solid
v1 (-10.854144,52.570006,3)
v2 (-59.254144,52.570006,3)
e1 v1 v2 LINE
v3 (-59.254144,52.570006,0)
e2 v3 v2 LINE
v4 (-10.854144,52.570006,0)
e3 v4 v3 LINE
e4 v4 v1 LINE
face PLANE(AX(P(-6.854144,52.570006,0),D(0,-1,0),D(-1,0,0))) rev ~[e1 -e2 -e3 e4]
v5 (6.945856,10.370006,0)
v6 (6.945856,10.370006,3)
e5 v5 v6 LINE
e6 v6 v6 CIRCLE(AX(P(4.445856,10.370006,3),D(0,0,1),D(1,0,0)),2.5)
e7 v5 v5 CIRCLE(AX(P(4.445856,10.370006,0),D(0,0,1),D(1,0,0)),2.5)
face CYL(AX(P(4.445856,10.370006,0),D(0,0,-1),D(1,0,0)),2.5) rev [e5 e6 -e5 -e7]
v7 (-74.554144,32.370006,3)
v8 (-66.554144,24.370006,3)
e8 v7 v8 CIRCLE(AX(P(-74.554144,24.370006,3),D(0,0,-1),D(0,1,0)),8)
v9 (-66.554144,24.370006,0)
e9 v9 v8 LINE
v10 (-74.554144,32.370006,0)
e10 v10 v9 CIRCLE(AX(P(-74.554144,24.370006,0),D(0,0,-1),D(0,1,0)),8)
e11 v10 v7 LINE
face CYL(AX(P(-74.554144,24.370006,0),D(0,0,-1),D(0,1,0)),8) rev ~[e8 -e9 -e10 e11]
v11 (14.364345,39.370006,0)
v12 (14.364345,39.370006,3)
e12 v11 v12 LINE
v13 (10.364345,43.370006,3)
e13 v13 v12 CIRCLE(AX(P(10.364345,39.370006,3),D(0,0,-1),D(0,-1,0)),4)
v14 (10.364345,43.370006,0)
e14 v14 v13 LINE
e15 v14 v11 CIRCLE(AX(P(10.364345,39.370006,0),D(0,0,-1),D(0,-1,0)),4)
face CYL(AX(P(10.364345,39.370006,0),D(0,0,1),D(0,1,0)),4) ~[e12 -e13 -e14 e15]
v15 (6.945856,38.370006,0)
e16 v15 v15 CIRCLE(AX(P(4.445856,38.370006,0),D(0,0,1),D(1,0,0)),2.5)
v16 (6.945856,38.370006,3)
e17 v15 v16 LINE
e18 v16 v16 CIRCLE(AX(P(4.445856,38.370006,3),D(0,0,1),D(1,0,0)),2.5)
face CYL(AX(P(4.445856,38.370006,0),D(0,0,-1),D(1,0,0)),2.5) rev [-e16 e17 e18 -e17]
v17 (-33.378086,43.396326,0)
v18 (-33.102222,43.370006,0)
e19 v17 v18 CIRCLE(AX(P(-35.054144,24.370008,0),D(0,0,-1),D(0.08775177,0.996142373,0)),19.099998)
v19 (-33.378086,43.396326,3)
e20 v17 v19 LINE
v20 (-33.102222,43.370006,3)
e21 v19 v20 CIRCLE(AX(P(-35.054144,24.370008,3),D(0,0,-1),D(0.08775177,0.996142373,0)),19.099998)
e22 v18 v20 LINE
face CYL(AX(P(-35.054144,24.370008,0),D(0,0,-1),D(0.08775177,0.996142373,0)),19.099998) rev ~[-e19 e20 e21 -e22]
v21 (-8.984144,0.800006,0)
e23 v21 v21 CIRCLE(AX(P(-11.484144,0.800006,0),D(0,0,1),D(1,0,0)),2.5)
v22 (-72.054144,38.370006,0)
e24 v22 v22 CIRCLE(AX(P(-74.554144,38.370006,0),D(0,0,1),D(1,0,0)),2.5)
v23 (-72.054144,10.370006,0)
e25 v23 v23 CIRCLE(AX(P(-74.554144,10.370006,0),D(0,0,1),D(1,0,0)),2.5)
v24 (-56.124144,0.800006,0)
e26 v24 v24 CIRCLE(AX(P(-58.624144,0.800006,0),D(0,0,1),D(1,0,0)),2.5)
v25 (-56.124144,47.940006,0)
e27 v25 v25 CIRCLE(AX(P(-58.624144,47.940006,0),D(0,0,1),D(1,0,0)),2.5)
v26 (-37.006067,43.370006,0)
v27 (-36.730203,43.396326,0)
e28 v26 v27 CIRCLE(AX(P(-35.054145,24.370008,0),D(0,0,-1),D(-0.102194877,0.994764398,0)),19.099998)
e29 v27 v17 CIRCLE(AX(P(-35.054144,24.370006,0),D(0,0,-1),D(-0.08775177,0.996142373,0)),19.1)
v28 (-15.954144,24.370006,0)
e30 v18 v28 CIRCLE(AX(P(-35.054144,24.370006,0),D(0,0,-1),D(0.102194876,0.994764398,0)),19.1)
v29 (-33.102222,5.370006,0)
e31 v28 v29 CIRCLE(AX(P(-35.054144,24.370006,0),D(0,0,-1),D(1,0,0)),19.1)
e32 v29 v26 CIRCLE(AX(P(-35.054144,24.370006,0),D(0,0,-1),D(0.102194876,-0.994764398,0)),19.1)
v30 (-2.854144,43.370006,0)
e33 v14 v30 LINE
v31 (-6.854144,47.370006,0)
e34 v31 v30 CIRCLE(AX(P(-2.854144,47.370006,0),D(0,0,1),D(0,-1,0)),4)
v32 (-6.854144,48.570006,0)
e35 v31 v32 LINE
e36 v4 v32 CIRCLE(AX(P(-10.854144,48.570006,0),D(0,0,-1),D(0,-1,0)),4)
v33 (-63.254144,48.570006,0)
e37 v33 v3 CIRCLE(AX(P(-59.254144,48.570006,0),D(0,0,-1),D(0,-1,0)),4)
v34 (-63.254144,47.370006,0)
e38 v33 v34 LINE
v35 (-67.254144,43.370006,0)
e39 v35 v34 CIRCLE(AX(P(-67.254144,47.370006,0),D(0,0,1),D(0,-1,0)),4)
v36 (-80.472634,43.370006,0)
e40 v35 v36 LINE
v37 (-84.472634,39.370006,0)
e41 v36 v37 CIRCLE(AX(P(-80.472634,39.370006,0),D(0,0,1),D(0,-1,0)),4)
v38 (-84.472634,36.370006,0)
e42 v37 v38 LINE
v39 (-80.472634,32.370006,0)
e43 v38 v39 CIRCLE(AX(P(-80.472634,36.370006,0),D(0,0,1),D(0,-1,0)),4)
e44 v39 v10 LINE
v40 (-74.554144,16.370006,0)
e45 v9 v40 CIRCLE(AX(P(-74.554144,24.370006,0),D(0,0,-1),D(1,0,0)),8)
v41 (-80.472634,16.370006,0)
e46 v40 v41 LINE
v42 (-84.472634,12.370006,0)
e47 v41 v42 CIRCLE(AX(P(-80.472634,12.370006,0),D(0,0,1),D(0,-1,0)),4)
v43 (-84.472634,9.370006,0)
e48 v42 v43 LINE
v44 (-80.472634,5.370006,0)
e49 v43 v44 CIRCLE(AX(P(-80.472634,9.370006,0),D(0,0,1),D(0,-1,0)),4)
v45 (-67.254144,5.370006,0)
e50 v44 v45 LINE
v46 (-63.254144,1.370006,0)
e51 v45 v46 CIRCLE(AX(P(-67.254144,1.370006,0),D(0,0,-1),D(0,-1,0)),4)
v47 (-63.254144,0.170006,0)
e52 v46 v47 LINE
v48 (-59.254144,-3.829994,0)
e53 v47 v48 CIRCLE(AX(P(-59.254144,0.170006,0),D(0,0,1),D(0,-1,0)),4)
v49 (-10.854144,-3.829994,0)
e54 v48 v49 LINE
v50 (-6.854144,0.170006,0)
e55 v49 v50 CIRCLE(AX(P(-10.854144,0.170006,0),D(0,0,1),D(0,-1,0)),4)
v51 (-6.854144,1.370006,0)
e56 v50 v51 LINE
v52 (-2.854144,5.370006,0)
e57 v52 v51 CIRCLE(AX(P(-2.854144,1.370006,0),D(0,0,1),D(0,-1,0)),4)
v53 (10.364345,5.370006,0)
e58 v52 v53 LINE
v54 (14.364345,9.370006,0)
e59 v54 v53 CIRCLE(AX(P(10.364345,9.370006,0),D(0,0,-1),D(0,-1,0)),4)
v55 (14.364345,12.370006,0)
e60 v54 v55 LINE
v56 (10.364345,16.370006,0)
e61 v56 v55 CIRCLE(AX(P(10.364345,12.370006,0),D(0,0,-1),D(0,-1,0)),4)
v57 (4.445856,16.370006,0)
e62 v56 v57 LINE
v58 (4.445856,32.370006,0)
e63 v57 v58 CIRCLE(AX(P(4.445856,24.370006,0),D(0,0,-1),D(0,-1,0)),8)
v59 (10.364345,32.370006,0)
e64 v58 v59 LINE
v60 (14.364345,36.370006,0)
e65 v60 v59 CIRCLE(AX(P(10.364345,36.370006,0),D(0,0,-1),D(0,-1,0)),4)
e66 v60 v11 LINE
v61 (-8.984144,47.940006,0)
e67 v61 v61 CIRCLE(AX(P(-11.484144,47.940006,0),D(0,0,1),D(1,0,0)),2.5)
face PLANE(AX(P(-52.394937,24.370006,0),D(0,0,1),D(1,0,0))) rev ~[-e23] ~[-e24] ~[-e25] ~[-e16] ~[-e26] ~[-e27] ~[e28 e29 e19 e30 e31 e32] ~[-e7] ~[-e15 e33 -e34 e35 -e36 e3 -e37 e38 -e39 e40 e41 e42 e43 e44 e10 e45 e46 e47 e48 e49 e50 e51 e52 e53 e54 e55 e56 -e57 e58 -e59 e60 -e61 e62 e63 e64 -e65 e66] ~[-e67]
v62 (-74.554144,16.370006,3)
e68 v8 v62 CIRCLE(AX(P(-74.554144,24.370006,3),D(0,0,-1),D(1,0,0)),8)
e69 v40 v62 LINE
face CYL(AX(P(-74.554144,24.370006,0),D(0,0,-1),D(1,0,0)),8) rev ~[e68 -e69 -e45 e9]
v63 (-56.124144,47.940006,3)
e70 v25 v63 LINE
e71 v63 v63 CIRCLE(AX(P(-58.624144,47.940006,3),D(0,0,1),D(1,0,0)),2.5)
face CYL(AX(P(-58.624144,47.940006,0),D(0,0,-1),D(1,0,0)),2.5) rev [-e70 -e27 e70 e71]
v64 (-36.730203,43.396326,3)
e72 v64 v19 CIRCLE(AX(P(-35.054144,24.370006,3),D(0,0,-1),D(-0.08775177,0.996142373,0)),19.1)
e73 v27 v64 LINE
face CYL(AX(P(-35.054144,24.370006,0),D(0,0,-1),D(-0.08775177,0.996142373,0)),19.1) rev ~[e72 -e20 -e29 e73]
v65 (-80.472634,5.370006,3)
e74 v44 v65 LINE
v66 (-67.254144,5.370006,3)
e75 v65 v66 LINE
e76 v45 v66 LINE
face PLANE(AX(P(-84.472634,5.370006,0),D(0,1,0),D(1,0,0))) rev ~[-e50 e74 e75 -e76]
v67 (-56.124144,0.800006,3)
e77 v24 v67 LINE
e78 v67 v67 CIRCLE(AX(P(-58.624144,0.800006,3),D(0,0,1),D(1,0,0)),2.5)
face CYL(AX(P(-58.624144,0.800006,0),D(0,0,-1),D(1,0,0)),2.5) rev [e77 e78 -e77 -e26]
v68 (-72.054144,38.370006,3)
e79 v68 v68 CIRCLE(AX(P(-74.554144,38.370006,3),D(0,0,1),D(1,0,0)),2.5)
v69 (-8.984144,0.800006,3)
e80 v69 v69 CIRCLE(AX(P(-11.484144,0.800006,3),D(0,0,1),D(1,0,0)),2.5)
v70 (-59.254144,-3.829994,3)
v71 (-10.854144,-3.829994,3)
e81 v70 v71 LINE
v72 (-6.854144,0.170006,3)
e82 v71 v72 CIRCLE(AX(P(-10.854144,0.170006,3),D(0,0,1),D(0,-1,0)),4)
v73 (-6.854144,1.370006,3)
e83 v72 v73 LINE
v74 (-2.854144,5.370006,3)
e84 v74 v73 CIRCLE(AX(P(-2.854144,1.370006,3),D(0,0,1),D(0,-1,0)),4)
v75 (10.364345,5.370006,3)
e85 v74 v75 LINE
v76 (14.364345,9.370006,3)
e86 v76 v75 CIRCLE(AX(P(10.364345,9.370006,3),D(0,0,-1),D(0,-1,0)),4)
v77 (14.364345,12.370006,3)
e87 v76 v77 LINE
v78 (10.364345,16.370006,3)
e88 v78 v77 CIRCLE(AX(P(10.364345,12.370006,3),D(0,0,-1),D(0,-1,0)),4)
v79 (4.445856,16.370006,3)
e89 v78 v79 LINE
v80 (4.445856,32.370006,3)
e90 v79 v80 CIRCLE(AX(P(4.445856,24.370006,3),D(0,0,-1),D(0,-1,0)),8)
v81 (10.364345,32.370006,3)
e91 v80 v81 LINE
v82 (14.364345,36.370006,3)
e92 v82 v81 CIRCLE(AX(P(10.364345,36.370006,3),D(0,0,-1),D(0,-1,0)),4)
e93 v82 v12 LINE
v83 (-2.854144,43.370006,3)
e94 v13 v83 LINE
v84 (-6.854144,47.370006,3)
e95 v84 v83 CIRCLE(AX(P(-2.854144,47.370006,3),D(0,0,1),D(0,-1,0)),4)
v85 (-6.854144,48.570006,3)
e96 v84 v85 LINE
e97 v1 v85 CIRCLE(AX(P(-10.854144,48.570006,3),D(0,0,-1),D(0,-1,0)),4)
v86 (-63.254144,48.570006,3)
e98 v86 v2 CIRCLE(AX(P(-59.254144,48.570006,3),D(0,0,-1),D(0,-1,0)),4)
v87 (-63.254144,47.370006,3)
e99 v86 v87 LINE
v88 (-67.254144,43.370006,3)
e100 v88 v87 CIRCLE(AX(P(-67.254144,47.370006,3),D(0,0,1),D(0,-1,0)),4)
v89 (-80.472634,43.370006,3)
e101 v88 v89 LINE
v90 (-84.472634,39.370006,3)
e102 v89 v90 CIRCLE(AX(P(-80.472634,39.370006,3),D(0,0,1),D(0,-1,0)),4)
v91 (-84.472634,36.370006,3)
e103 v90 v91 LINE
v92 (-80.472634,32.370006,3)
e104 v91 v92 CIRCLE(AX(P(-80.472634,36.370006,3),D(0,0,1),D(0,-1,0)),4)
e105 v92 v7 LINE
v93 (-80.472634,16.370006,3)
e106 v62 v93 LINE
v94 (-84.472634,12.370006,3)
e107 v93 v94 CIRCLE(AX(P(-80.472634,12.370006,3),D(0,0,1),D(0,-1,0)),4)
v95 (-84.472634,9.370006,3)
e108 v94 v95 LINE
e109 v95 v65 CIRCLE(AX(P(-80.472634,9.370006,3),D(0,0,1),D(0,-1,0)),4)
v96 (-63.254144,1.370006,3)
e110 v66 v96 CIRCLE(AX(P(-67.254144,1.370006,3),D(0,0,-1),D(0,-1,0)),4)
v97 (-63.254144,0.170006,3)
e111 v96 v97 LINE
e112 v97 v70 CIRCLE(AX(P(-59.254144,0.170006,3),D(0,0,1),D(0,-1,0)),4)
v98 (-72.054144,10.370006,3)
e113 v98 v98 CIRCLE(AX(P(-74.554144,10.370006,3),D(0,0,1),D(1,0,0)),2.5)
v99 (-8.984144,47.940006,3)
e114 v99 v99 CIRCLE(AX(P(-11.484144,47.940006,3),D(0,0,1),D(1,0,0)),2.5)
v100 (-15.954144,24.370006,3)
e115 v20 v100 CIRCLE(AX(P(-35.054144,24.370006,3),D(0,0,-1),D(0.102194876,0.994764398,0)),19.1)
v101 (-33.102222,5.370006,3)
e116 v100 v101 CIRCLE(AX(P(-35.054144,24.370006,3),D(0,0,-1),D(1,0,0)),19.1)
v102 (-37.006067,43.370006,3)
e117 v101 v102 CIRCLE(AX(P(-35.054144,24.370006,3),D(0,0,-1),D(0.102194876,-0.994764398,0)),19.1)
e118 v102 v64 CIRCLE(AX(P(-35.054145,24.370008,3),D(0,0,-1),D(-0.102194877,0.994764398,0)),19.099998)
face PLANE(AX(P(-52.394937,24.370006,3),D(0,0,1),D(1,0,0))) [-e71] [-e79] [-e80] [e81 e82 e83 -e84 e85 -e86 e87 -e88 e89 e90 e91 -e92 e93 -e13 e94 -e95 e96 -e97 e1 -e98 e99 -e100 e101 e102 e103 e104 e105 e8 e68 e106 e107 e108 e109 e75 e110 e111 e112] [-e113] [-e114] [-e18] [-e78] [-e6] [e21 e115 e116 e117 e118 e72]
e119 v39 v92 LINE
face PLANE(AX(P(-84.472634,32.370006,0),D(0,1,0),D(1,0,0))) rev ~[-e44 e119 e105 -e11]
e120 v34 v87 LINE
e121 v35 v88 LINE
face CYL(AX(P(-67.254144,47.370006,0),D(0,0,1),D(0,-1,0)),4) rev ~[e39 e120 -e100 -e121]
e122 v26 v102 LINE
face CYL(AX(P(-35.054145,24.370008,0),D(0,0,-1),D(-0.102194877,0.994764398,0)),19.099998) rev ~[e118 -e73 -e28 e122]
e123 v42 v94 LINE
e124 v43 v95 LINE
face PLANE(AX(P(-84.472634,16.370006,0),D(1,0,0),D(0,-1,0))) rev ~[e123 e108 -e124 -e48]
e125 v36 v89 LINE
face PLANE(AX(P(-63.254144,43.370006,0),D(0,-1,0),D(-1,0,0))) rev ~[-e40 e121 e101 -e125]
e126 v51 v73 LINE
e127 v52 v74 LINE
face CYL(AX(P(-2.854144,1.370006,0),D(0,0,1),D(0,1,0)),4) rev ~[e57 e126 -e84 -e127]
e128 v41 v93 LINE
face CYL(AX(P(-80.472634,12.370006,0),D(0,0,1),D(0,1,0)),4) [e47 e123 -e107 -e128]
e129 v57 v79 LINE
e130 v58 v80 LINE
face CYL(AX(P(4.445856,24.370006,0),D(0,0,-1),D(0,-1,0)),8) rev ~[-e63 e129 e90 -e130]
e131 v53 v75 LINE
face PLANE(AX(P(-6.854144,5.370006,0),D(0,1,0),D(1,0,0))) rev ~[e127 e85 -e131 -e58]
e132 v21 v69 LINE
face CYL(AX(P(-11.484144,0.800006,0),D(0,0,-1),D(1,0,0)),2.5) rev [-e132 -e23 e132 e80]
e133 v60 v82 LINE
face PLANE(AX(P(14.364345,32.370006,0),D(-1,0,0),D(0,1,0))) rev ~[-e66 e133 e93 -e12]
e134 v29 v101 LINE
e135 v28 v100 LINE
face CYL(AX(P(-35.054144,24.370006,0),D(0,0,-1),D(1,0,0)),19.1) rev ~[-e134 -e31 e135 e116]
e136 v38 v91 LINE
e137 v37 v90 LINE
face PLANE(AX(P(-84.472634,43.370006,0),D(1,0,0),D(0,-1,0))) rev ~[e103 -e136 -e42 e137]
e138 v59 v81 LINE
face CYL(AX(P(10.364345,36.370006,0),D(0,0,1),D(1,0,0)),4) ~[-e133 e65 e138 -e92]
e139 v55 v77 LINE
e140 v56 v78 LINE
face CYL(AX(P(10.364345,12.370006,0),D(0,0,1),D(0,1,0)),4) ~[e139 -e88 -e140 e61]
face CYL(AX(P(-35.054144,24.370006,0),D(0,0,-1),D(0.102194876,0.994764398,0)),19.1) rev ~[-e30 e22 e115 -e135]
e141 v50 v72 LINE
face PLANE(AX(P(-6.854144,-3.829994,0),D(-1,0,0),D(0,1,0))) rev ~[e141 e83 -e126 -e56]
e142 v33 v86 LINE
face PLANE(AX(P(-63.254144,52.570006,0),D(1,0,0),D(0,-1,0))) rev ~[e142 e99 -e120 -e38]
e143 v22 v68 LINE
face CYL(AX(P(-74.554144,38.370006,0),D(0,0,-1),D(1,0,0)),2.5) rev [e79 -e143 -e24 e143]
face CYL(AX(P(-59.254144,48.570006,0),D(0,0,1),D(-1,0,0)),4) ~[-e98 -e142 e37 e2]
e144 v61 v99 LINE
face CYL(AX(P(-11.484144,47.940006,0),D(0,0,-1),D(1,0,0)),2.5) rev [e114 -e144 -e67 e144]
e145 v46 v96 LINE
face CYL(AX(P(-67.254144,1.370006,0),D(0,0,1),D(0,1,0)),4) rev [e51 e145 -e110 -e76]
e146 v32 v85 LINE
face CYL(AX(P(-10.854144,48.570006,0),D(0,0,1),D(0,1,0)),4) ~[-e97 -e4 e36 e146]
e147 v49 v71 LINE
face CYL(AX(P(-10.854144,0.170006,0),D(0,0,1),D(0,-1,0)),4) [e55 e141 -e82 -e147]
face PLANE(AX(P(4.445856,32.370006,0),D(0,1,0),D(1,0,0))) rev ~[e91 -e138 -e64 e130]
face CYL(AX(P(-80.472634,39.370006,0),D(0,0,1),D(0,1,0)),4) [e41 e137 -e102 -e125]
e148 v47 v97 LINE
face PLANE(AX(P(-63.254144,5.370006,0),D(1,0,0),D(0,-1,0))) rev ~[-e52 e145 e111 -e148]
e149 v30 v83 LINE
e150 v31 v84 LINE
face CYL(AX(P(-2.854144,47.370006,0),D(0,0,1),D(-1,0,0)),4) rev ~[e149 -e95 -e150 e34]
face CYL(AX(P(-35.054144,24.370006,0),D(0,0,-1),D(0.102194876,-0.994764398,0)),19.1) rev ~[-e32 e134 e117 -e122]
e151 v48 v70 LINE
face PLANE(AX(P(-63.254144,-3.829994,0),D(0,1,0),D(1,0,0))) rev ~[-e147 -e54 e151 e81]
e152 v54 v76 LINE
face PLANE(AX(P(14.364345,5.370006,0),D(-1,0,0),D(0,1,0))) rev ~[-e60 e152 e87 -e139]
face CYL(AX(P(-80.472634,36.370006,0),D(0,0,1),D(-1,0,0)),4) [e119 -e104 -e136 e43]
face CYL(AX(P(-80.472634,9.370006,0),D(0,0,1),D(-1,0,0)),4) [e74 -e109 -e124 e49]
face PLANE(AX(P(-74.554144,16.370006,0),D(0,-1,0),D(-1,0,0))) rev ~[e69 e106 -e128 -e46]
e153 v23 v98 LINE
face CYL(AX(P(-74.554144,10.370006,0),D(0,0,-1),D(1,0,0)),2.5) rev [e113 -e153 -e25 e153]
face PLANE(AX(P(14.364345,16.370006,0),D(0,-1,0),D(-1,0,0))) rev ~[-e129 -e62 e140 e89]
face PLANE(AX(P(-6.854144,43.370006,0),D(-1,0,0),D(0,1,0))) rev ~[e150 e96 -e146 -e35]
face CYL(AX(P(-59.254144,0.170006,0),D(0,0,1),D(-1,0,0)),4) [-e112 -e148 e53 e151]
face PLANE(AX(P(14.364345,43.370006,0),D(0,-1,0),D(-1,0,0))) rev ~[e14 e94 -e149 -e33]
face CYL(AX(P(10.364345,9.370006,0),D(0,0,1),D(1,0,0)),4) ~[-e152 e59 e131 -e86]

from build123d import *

# Parameters (mm, degrees)
F0_R     = 2.5
F1_DEPTH = 3
F2_R     = 4


with BuildPart() as f1:
    # F0 (on Top) → F1 (new body)
    with BuildSketch(Plane.XY):
        with BuildLine():
            Line((-37.006066629, 43.3700063947), (-63.2541444994, 43.3700063947))
            Line((-63.2541444994, 43.3700063947), (-63.2541444994, 5.3700063947))
            Line((-63.2541444994, 5.3700063947), (-37.006066629, 5.3700063947))
            ThreePointArc((-37.006066629, 5.3700063947), (-54.1541444994, 24.3700063947), (-37.006066629, 43.3700063947))
        make_face()
        with BuildLine():
            Line((-6.8541444994, 43.3700063947), (-33.1022223698, 43.3700063947))
            ThreePointArc((-33.1022223698, 43.3700063947), (-20.8750804845, 37.1670429135), (-15.9541444994, 24.3700063947))
            ThreePointArc((-15.9541444994, 24.3700063947), (-20.8750804845, 11.572969876), (-33.1022223698, 5.3700063947))
            Line((-33.1022223698, 5.3700063947), (-6.8541444994, 5.3700063947))
            Line((-6.8541444994, 5.3700063947), (-6.8541444994, 43.3700063947))
        make_face()
        with BuildLine():
            ThreePointArc((-74.5541444994, 32.3700063947), (-68.8972902499, 30.0268606442), (-66.5541444994, 24.3700063947))
            ThreePointArc((-66.5541444994, 24.3700063947), (-68.8972902499, 18.7131521453), (-74.5541444994, 16.3700063947))
            Line((-74.5541444994, 16.3700063947), (-84.4726338983, 16.3700063947))
            Line((-84.4726338983, 16.3700063947), (-84.4726338983, 5.3700063947))
            Line((-84.4726338983, 5.3700063947), (-63.2541444994, 5.3700063947))
            Line((-63.2541444994, 5.3700063947), (-63.2541444994, 43.3700063947))
            Line((-63.2541444994, 43.3700063947), (-84.4726338983, 43.3700063947))
            Line((-84.4726338983, 43.3700063947), (-84.4726338983, 32.3700063947))
            Line((-84.4726338983, 32.3700063947), (-74.5541444994, 32.3700063947))
        make_face()
        with Locations((-74.5541444994, 10.3700063947)):
            Circle(F0_R, mode=Mode.SUBTRACT)
        with Locations((-74.5541444994, 38.3700063947)):
            Circle(F0_R, mode=Mode.SUBTRACT)
        with BuildLine():
            Line((14.3643448995, 43.3700063947), (-6.8541444994, 43.3700063947))
            Line((-6.8541444994, 43.3700063947), (-6.8541444994, 5.3700063947))
            Line((-6.8541444994, 5.3700063947), (14.3643448995, 5.3700063947))
            Line((14.3643448995, 5.3700063947), (14.3643448995, 16.3700063947))
            Line((14.3643448995, 16.3700063947), (4.4458555006, 16.3700063947))
            ThreePointArc((4.4458555006, 16.3700063947), (-3.5541444994, 24.3700063947), (4.4458555006, 32.3700063947))
            Line((4.4458555006, 32.3700063947), (14.3643448995, 32.3700063947))
            Line((14.3643448995, 32.3700063947), (14.3643448995, 43.3700063947))
        make_face()
        with Locations((4.4458555006, 10.3700063947)):
            Circle(F0_R, mode=Mode.SUBTRACT)
        with Locations((4.4458555006, 38.3700063947)):
            Circle(F0_R, mode=Mode.SUBTRACT)
        with BuildLine():
            Line((-37.006066629, 5.3700063947), (-63.2541444994, 5.3700063947))
            Line((-63.2541444994, 5.3700063947), (-63.2541444994, -3.8299936053))
            Line((-63.2541444994, -3.8299936053), (-6.8541444994, -3.8299936053))
            Line((-6.8541444994, -3.8299936053), (-6.8541444994, 5.3700063947))
            Line((-6.8541444994, 5.3700063947), (-33.1022223698, 5.3700063947))
            ThreePointArc((-33.1022223698, 5.3700063947), (-35.0541444994, 5.2700063947), (-37.006066629, 5.3700063947))
        make_face()
        with Locations((-58.6241444994, 0.8000063947)):
            Circle(F0_R, mode=Mode.SUBTRACT)
        with Locations((-11.4841444994, 0.8000063947)):
            Circle(F0_R, mode=Mode.SUBTRACT)
        with BuildLine():
            Line((-63.2541444994, 52.5700063947), (-63.2541444994, 43.3700063947))
            Line((-63.2541444994, 43.3700063947), (-37.006066629, 43.3700063947))
            ThreePointArc((-37.006066629, 43.3700063947), (-36.8681827001, 43.3836663635), (-36.7302033051, 43.3963257151))
            ThreePointArc((-36.7302033051, 43.3963257151), (-35.0541444994, 43.4700063947), (-33.3780856936, 43.3963257151))
            ThreePointArc((-33.3780856936, 43.3963257151), (-33.2401062987, 43.3836663635), (-33.1022223698, 43.3700063947))
            Line((-33.1022223698, 43.3700063947), (-6.8541444994, 43.3700063947))
            Line((-6.8541444994, 43.3700063947), (-6.8541444994, 52.5700063947))
            Line((-6.8541444994, 52.5700063947), (-63.2541444994, 52.5700063947))
        make_face()
        with Locations((-58.6241444994, 47.9400063947)):
            Circle(F0_R, mode=Mode.SUBTRACT)
        with Locations((-11.4841444994, 47.9400063947)):
            Circle(F0_R, mode=Mode.SUBTRACT)
    extrude(amount=F1_DEPTH)

    # F2
    f2_edges = [f1.edges().sort_by_distance(p)[0] for p in [
        (-6.854144, 52.570006, 1.5),
        (14.364345, 43.370006, 1.5),
        (14.364345, 5.370006, 1.5),
        (-6.854144, -3.829994, 1.5),
        (-63.254144, 52.570006, 1.5),
        (-84.472634, 43.370006, 1.5),
        (-84.472634, 16.370006, 1.5),
        (-84.472634, 32.370006, 1.5),
        (-84.472634, 5.370006, 1.5),
        (-63.254144, -3.829994, 1.5),
        (14.364345, 32.370006, 1.5),
        (14.364345, 16.370006, 1.5),
        (-6.854144, 43.370006, 1.5),
        (-6.854144, 5.370006, 1.5),
        (-63.254144, 5.370006, 1.5),
        (-63.254144, 43.370006, 1.5),
    ]]
    fillet(f2_edges, radius=F2_R)


solid = f1.part
